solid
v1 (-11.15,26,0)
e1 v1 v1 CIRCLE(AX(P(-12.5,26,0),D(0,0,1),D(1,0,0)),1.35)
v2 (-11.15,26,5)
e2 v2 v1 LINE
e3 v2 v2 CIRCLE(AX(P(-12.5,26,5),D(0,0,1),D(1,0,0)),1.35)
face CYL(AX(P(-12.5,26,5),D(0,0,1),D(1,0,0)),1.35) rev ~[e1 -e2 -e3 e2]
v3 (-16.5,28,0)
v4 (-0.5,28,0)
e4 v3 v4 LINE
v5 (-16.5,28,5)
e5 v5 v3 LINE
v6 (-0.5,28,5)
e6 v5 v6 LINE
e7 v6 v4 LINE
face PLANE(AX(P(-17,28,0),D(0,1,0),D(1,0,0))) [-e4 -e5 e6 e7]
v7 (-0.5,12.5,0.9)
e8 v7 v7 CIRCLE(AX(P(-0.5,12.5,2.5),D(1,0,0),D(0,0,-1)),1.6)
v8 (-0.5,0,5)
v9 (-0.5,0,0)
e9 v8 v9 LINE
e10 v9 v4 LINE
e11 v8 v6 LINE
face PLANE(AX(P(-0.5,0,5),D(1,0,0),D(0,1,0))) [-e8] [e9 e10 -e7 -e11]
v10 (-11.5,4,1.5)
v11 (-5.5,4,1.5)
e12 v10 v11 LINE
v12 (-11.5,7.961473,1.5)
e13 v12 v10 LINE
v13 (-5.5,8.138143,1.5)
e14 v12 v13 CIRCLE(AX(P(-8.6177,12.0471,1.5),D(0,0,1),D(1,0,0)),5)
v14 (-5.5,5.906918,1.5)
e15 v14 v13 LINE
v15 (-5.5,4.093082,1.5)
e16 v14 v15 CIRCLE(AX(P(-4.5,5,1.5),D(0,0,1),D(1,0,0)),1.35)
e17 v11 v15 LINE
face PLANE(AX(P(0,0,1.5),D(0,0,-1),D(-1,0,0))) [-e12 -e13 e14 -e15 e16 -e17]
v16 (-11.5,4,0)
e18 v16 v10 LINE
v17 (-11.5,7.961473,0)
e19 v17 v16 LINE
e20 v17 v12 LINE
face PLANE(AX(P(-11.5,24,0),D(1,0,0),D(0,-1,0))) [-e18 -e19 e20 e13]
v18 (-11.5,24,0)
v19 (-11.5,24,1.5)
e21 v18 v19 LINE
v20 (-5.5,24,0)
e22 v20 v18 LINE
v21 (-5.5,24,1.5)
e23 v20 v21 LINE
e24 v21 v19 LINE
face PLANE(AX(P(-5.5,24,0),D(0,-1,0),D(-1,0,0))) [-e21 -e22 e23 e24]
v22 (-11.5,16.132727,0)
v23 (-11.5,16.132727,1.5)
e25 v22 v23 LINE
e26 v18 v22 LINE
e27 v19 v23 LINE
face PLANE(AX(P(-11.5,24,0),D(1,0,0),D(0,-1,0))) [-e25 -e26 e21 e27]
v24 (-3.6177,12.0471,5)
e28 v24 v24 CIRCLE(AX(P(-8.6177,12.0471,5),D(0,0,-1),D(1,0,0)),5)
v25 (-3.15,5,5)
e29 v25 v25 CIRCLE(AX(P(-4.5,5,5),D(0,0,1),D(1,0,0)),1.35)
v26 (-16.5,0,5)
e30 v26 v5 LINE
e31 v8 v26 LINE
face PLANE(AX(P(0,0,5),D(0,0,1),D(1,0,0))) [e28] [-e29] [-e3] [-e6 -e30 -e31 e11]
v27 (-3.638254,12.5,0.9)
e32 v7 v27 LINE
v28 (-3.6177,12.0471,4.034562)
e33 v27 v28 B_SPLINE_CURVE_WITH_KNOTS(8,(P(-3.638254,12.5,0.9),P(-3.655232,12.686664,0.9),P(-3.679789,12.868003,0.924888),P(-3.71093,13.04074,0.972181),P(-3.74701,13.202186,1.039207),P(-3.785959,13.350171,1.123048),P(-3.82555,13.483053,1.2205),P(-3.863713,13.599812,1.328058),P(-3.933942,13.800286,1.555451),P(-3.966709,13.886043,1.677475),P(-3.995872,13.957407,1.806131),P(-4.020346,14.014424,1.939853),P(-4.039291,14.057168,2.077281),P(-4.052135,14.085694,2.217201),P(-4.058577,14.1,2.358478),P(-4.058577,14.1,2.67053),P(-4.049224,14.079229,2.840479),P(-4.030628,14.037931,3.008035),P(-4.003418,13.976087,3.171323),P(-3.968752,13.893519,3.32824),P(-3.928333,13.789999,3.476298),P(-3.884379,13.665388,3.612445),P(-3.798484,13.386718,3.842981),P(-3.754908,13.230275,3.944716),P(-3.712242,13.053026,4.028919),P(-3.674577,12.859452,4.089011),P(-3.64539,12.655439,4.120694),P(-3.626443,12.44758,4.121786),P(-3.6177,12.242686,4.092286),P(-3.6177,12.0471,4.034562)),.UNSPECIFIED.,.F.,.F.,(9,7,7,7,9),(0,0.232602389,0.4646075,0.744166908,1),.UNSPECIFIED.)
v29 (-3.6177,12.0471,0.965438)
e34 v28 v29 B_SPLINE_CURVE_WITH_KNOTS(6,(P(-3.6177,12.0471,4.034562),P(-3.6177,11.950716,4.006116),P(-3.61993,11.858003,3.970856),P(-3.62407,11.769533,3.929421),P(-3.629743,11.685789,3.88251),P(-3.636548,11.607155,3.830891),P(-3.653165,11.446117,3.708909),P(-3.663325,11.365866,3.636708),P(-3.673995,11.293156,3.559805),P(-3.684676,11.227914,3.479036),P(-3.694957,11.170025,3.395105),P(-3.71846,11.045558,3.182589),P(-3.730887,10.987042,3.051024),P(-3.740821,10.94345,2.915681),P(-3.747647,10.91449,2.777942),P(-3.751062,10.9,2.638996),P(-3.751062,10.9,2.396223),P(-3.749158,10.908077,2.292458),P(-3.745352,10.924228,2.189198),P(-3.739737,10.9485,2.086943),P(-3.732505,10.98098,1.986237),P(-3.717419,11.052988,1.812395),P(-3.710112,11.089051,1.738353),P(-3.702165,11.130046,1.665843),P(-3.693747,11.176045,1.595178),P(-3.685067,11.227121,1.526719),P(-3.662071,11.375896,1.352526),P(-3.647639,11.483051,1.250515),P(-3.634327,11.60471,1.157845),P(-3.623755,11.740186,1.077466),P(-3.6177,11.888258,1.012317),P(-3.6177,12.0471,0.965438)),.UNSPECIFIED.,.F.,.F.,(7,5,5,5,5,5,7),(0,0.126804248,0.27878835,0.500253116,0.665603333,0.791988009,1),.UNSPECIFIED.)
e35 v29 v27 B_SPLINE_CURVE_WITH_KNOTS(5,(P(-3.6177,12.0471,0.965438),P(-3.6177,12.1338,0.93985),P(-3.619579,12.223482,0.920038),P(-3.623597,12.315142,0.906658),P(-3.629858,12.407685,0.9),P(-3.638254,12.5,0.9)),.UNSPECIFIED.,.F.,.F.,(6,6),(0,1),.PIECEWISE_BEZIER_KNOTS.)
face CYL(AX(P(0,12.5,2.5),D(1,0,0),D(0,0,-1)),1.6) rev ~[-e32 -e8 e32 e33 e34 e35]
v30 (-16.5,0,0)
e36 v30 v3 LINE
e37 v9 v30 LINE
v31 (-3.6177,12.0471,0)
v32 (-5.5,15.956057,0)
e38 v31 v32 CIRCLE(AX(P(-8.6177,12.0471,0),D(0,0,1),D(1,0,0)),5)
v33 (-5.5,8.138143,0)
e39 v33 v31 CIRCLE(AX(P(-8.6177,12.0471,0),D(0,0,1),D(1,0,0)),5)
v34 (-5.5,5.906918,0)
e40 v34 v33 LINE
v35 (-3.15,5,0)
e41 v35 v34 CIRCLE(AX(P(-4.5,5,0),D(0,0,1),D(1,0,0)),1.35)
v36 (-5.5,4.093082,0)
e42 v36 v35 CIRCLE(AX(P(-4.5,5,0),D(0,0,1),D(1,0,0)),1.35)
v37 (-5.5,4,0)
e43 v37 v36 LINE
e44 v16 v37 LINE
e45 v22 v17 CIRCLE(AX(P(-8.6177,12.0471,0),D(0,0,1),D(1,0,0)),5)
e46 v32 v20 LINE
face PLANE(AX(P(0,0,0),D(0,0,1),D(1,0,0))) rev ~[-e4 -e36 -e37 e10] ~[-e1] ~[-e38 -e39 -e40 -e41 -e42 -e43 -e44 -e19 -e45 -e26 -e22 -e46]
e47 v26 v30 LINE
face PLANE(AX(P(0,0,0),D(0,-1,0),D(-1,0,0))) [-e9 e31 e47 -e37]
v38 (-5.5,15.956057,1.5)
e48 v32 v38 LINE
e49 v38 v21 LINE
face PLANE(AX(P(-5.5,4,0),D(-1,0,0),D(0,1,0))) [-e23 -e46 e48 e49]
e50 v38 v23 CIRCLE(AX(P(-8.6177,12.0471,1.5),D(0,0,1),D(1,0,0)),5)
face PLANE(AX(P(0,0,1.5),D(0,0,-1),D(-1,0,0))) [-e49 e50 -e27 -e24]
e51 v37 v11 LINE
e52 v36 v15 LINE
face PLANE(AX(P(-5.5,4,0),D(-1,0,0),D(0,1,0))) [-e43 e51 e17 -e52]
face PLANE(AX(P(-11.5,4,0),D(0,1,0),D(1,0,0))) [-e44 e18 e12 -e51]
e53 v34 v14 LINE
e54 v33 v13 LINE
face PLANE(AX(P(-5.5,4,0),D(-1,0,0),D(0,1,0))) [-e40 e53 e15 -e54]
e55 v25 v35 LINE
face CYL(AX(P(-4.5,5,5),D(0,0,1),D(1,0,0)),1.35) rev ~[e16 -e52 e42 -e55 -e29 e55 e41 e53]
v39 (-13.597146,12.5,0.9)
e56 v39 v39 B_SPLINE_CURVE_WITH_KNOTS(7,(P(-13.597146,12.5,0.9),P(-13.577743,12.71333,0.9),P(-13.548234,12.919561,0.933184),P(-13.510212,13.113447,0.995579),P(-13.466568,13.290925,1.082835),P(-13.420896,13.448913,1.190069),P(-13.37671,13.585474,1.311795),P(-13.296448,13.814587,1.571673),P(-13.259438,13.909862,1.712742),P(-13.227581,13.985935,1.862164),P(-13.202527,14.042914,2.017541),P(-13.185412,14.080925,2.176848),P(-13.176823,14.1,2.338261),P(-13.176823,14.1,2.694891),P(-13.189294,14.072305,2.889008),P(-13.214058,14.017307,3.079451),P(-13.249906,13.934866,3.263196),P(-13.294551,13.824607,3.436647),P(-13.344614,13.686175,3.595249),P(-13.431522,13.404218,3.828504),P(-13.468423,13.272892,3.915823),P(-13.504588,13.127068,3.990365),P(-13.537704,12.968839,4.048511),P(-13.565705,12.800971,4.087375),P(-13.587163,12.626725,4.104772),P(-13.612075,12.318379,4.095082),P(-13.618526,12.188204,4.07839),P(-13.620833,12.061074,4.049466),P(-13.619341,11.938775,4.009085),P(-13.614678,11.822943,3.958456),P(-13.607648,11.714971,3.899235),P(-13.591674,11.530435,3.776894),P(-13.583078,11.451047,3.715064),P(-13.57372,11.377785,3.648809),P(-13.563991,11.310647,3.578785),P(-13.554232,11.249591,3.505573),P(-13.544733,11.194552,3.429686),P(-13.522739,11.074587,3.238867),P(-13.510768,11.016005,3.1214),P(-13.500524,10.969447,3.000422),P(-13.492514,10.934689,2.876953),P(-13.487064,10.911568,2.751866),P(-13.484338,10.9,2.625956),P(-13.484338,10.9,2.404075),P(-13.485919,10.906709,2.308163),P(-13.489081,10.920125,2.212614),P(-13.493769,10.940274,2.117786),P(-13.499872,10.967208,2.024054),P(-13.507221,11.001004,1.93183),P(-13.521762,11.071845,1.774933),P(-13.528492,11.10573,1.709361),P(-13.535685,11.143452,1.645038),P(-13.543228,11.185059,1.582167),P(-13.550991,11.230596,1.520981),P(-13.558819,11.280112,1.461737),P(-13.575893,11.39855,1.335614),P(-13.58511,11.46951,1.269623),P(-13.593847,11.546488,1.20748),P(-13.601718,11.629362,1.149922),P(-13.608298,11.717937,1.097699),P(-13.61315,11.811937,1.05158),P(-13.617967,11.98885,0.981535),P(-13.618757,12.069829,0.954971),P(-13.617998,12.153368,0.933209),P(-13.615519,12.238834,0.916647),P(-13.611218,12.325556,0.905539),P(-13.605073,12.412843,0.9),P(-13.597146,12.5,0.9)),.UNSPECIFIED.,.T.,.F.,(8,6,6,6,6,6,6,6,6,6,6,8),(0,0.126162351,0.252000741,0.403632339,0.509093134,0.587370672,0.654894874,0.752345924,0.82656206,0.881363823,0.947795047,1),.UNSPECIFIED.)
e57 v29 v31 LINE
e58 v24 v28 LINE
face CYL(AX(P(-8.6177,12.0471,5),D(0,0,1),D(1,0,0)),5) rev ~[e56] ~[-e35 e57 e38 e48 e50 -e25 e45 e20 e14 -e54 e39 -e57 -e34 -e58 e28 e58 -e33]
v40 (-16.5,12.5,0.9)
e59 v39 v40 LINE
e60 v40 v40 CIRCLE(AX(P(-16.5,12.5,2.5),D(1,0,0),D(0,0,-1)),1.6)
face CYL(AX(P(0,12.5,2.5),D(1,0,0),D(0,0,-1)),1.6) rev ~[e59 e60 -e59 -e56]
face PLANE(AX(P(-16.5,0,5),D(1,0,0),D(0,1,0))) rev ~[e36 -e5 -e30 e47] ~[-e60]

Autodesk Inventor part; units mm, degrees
ref_plane "YZ Plane" through (0, 0, 0) normal (1, 0, 0) x (0, 1, 0)
ref_plane "XZ Plane" through (0, 0, 0) normal (0, 1, 0) x (-1, 0, 0)
ref_plane "XY Plane" through (0, 0, 0) normal (0, 0, 1) x (1, 0, 0)
sketch "Sketch2" plane through (0, 0, 0) normal (0, 0, 1) x (1, 0, 0)
  line L0 (-17, 28) -> (0, 28)
  line L1 (0, 28) -> (0, 17)
  line L2 (0, 7) -> (0, 0)
  line L3 (0, 0) -> (-17, 0)
  line L4 (-17, 0) -> (-17, 7)
  line L5 (-17, 28) -> (-17, 17)
  line L6 (-17, 17) -> (-17, 7)
  line L7 (0, 17) -> (0, 7)
  dimension "d0" = 17
  dimension "d1" = 28
extrude "Extrusion1" add sketch "Sketch2" along normal blind 5
sketch "Sketch4" plane through (0, 0, 0) normal (0, 0, -1) x (-1, 0, 0)
  line L0 (17, 28) -> (0, 28) projected
  line L1 (0, 28) -> (0, 0) projected
  line L2 (0, 0) -> (17, 0) projected
  line L3 (17, 0) -> (17, 28) projected
  line L4 (0, 28) -> (17, 28) projected
  line L5 (11.5, 24) -> (11.5, 4)
  line L6 (11.5, 4) -> (5.5, 4)
  line L7 (5.5, 4) -> (5.5, 24)
  line L8 (5.5, 24) -> (11.5, 24)
  dimension "d15" = 6
  dimension "d17" = 5.5
  dimension "d30" = 20
  dimension "d31" = 4
extrude "Extrusion3" cut sketch "Sketch4" against normal blind 1.5 contours L5 L6 L7 L8
sketch "Sketch5" plane through (0, 0, 5) normal (0, 0, 1) x (1, 0, 0)
  line L0 (0, 28) -> (-17, 28) projected
  line L1 (-17, 28) -> (-17, 0) projected
  line L2 (-17, 0) -> (0, 0) projected
  line L3 (0, 0) -> (0, 28) projected
  line L4 (-21, 17) -> (4, 7)
  line L5 (-21.4753, 7) -> (4, 17)
  circle A0 centre (-8.6177, 12.0471) radius 5
  dimension "d20" = 10
  dimension "d21" = 12.0471
extrude "Extrusion4" cut sketch "Sketch5" against normal through all contours A0 L4 L5 | L5 L4 A0 | L4 L5 A0 | A0 L5 L4
sketch "Sketch6" plane through (0, 0, 5) normal (0, 0, 1) x (1, 0, 0)
  circle A0 centre (-8.6177, 12.0471) radius 5 projected
  line L0 (0, 28) -> (-17, 28) projected
  line L1 (-17, 28) -> (-17, 0) projected
  line L2 (-17, 0) -> (0, 0) projected
  line L3 (0, 0) -> (0, 28) projected
  circle A1 centre (-12.5, 26) radius 1.35
  dimension "d24" = 2.7
  dimension "d25" = 4.5
  dimension "d26" = 2
extrude "Extrusion5" cut sketch "Sketch6" against normal through all contours A1
sketch "Sketch7" plane through (0, 0, 5) normal (0, 0, 1) x (1, 0, 0)
  line L0 (0, 0) -> (0, 28) projected
  line L1 (-17, 0) -> (0, 0) projected
  circle A0 centre (-4.5, 5) radius 1.35
  point P0 (0, 7)
  dimension "d32" = 2.7
  dimension "d33" = 4.5
  dimension "d34" = 5
extrude "Extrusion6" cut sketch "Sketch7" against normal through all
sketch "Sketch8" plane through (0, 0, 0) normal (1, 0, 0) x (0, 0, -1)
  circle A0 centre (-2.5, 12.5) radius 1.6
  line L0 (-5, 0) -> (-5, 28) projected
  line L1 (0, 0) -> (-5, 0) projected
  point P0 (0, -7)
  dimension "d37" = 3.2
  dimension "d41" = 12.5
  dimension "d49" = 2.5
extrude "Extrusion8" cut sketch "Sketch8" against normal through all
sketch "Sketch9" plane through (0, 0, 5) normal (0, 0, 1) x (1, 0, 0)
  circle A0 centre (-4.5, 5) radius 1.35 projected
  circle A1 centre (-12.5, 26) radius 1.35 projected
  circle A2 centre (-8.6177, 12.0471) radius 5 projected
  line L0 (0, 28) -> (-17, 28) projected
  line L1 (-17, 28) -> (-17, 0) projected
  line L2 (-17, 0) -> (0, 0) projected
  line L3 (0, 0) -> (0, 28) projected
  line L4 (-17, 0) -> (-16.5, 0)
  line L5 (-16.5, 0) -> (-16.5, 28)
  line L6 (-16.5, 28) -> (-17, 28)
  line L7 (-17, 28) -> (-17, 0)
  line L8 (0, 0) -> (-0.5, 0)
  line L9 (-0.5, 0) -> (-0.5, 28)
  line L10 (-0.5, 28) -> (0, 28)
  line L11 (0, 28) -> (0, 0)
  dimension "d47" = 0.5
  dimension "d48" = 0.5
extrude "Extrusion9" cut sketch "Sketch9" against normal through all contours L3 L2 L9 L0 | L5 L2 L1 L0
properties part number "tapaB0.2"
